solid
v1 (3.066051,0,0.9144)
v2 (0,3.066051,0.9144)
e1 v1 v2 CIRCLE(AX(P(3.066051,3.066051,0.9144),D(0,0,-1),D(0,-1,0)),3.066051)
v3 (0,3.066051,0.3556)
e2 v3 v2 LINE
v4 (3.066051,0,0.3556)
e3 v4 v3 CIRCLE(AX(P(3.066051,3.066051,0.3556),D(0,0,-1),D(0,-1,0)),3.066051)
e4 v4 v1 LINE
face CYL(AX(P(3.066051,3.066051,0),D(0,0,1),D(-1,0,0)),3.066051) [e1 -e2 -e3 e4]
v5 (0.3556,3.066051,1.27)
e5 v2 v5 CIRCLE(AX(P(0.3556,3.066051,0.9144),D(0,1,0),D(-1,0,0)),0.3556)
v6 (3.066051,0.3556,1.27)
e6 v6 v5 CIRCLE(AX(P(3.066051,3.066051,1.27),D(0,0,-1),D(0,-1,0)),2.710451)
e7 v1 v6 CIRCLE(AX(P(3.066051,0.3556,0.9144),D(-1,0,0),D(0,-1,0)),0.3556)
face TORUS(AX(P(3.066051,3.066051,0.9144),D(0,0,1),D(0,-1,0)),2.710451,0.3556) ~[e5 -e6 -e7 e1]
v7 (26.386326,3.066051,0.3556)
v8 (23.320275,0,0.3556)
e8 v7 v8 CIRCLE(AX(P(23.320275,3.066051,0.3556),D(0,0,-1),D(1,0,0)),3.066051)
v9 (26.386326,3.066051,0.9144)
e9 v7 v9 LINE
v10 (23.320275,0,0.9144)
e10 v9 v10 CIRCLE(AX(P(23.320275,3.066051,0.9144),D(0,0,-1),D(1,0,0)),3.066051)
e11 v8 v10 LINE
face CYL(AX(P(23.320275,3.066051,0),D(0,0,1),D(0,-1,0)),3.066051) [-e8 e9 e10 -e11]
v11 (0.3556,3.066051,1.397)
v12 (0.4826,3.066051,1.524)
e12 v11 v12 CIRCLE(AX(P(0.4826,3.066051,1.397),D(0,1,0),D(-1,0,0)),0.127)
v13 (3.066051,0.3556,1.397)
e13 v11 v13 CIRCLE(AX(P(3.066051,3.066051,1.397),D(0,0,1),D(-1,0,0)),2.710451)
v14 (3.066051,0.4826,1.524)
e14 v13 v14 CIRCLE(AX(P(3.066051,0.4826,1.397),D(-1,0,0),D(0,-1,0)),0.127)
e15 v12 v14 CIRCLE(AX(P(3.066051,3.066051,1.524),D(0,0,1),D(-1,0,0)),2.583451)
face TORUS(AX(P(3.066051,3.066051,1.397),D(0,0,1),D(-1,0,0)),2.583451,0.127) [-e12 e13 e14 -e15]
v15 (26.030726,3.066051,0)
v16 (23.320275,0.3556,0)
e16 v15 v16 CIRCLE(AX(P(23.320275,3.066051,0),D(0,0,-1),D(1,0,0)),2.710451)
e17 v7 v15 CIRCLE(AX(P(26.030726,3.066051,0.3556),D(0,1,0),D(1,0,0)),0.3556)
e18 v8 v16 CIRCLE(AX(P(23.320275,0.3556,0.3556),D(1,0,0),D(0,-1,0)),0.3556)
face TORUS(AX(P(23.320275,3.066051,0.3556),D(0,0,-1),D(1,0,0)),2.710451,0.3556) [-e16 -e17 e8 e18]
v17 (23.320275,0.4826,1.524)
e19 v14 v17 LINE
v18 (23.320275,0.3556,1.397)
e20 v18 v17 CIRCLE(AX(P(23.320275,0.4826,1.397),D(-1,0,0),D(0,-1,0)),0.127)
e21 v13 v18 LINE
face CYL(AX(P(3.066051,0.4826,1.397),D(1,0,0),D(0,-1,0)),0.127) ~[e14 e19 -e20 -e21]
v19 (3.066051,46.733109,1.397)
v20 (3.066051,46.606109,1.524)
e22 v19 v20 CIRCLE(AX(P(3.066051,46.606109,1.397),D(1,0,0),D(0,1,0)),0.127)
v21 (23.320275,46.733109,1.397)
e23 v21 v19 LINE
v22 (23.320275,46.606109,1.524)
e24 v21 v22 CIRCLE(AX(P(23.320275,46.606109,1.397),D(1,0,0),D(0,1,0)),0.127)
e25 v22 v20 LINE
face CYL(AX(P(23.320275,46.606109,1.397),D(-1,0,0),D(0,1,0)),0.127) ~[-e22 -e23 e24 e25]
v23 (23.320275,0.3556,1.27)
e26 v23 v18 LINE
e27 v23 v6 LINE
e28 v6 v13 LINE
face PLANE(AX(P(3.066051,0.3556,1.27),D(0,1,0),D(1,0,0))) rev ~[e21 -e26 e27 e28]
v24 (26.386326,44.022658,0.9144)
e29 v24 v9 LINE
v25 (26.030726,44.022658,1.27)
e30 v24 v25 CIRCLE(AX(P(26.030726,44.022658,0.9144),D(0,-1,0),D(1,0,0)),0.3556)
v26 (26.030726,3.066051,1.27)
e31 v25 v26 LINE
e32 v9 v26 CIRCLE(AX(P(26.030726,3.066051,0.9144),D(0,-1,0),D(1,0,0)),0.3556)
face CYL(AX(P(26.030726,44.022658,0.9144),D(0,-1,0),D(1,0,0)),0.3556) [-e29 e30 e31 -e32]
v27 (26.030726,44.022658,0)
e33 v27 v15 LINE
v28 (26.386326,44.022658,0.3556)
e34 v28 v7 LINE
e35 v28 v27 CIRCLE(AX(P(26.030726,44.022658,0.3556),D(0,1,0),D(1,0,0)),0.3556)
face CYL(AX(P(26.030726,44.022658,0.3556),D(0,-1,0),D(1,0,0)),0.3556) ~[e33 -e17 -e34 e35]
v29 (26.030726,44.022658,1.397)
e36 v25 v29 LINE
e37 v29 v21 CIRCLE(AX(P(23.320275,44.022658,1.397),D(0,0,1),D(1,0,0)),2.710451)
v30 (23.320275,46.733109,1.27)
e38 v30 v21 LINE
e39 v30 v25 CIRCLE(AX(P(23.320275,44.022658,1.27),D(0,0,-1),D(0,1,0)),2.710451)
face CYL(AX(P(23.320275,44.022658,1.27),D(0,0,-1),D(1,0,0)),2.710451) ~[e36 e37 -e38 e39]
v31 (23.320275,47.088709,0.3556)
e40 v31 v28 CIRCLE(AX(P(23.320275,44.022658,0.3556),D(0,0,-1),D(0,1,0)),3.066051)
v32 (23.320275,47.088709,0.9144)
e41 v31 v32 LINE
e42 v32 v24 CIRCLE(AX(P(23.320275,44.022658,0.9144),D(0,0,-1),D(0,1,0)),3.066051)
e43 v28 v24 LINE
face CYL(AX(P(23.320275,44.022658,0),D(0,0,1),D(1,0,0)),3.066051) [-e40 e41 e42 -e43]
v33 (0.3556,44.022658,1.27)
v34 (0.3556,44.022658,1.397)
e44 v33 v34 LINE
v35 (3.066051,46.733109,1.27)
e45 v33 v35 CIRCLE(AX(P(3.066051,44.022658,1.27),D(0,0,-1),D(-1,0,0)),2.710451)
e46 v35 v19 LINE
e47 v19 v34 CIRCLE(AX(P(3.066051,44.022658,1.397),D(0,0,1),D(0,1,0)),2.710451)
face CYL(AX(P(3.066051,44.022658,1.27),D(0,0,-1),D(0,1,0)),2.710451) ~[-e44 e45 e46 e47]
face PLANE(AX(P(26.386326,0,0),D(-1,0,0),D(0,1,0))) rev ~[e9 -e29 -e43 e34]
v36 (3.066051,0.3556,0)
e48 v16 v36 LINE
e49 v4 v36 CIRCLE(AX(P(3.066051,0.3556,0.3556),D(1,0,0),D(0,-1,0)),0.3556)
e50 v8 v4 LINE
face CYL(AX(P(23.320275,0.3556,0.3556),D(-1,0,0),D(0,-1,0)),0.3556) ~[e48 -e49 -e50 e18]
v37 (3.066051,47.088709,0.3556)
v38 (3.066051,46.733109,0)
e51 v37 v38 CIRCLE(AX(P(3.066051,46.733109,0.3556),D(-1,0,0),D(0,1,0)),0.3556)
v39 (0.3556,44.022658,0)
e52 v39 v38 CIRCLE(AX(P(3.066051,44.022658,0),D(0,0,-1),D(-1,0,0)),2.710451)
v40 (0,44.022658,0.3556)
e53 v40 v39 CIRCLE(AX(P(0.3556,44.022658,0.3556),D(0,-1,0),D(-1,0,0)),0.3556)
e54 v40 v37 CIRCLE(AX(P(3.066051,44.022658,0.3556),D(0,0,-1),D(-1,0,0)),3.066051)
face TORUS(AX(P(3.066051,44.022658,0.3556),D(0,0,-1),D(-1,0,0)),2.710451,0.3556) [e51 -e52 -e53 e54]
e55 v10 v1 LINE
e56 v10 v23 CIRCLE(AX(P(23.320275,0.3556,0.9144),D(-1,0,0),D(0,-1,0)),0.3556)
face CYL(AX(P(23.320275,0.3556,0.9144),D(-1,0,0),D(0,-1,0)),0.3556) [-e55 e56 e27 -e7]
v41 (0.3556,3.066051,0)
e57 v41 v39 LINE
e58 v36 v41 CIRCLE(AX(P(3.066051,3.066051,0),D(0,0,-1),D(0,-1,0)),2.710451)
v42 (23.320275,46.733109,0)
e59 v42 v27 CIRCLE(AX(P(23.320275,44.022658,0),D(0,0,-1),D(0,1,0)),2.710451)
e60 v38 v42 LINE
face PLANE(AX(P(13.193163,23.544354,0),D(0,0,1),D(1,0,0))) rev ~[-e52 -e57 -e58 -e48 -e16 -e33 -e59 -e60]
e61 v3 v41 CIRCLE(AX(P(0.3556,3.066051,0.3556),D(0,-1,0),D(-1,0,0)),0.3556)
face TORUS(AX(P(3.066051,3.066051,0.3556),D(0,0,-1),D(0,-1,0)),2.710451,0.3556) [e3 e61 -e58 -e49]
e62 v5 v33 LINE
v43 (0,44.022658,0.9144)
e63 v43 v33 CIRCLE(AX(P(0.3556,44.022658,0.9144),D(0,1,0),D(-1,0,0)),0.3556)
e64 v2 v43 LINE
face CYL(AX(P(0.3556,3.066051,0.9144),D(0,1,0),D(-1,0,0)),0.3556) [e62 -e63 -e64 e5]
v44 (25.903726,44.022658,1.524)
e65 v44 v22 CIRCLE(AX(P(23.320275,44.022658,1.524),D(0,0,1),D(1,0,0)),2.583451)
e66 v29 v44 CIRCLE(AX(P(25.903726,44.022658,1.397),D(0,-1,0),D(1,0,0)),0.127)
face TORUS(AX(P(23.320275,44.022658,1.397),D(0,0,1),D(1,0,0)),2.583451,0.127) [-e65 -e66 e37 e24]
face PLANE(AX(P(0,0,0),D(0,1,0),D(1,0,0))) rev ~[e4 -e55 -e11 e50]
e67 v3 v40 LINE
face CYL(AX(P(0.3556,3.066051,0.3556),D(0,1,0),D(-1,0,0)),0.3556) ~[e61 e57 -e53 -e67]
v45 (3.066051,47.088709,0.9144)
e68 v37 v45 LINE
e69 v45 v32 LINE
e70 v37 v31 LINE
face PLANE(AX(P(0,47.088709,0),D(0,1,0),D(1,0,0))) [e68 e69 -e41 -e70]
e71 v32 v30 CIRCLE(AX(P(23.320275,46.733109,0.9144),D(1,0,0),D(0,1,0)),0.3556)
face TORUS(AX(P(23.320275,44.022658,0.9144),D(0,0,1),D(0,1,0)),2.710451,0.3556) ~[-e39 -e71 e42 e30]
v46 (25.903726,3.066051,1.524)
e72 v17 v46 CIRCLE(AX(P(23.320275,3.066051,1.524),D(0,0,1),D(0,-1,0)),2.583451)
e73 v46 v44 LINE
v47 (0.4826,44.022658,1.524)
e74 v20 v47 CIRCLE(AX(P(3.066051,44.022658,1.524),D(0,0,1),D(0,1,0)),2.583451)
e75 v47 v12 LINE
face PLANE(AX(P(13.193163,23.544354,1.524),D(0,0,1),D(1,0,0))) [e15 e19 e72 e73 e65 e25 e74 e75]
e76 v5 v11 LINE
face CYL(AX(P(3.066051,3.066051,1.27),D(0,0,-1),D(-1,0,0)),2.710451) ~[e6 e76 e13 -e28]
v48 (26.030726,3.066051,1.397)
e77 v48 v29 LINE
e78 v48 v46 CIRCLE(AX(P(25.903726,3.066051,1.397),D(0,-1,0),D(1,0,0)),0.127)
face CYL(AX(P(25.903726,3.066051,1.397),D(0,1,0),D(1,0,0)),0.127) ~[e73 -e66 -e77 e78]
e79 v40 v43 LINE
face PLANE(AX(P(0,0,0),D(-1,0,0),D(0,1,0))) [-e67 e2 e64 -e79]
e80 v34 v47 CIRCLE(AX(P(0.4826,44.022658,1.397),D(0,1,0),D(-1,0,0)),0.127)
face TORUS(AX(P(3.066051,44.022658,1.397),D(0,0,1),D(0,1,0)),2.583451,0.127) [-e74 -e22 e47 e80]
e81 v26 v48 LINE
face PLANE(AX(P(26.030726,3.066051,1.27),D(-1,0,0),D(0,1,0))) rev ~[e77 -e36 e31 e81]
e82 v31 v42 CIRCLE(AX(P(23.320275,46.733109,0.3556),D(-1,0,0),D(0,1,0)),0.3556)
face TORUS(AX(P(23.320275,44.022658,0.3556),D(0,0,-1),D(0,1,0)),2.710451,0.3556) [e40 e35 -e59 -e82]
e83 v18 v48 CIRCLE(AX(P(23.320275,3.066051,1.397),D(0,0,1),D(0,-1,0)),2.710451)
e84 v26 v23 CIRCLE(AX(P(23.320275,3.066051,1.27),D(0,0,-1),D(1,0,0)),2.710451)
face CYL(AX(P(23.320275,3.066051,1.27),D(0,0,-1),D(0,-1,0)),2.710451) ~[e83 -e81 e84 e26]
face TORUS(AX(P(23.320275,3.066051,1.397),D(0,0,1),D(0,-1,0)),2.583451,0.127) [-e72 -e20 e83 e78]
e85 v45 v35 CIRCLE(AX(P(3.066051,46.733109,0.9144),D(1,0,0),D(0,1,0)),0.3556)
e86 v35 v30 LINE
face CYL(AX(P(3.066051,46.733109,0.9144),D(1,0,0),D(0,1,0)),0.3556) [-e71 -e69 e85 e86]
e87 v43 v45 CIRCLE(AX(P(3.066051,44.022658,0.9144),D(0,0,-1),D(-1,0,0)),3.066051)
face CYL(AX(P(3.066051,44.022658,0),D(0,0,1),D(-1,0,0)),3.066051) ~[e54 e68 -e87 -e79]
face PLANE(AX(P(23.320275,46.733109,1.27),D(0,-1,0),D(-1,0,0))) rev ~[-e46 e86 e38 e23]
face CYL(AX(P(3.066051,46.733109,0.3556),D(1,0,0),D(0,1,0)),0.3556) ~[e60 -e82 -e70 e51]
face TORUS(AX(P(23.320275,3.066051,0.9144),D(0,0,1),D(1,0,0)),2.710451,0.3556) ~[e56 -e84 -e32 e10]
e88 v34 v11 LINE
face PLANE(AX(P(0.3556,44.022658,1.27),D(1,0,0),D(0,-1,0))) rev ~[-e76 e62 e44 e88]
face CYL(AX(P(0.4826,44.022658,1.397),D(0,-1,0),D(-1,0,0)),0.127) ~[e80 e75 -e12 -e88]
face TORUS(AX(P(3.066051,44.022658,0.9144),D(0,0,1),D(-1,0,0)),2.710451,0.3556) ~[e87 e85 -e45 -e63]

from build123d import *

# Parameters (mm, degrees)
F0_W     = 26.3863261789
F0_H     = 47.0887087286
F1_DEPTH = 1.27
F2_R     = 3.0660512242
F3_R     = 0.3556
F4_R     = 0.3556
F6_DEPTH = 0.254
F7_R     = 0.127


with BuildPart() as f1:
    # F0 (on Top) → F1 (new body)
    with BuildSketch(Plane.XY):
        with Locations((13.1931630895, 23.5443543643)):
            Rectangle(F0_W, F0_H)
    extrude(amount=F1_DEPTH)

    # F2
    f2_edges = [f1.edges().sort_by_distance(p)[0] for p in [
        (26.386326, 47.088709, 0.635),
        (26.386326, 0, 0.635),
        (0, 47.088709, 0.635),
        (0, 0, 0.635),
    ]]
    fillet(f2_edges, radius=F2_R)

    # F3
    f3_edges = [f1.edges().sort_by_distance(p)[0] for p in [
        (0, 23.544354, 0),
        (0.898026, 46.190683, 0),
        (0.898026, 0.898026, 0),
        (13.193163, 47.088709, 0),
        (13.193163, 0, 0),
        (25.488301, 46.190683, 0),
        (25.488301, 0.898026, 0),
        (26.386326, 23.544354, 0),
    ]]
    fillet(f3_edges, radius=F3_R)

    # F4
    f4_edges = [f1.edges().sort_by_distance(p)[0] for p in [
        (0, 23.544354, 1.27),
        (0.898026, 46.190683, 1.27),
        (0.898026, 0.898026, 1.27),
        (13.193163, 47.088709, 1.27),
        (13.193163, 0, 1.27),
        (25.488301, 46.190683, 1.27),
        (25.488301, 0.898026, 1.27),
        (26.386326, 23.544354, 1.27),
    ]]
    fillet(f4_edges, radius=F4_R)

    # F5 (on face) → F6 (join)
    with BuildSketch(Plane.XY.offset(1.27)):
        with BuildLine():
            Line((26.0307261789, 3.0660512242), (26.0307261789, 44.0226575043))
            ThreePointArc((26.0307261789, 44.0226575043), (25.2368533954, 45.9392359451), (23.3202749547, 46.7331087286))
            Line((23.3202749547, 46.7331087286), (3.0660512242, 46.7331087286))
            ThreePointArc((3.0660512242, 46.7331087286), (1.1494727835, 45.9392359451), (0.3556, 44.0226575043))
            Line((0.3556, 44.0226575043), (0.3556, 3.0660512242))
            ThreePointArc((0.3556, 3.0660512242), (1.1494727835, 1.1494727835), (3.0660512242, 0.3556))
            Line((3.0660512242, 0.3556), (23.3202749547, 0.3556))
            ThreePointArc((23.3202749547, 0.3556), (25.2368533954, 1.1494727835), (26.0307261789, 3.0660512242))
        make_face()
    extrude(amount=F6_DEPTH)

    # F7
    f7_edges = [f1.edges().sort_by_distance(p)[0] for p in [
        (26.030726, 23.544354, 1.524),
        (25.236853, 45.939236, 1.524),
        (13.193163, 46.733109, 1.524),
        (1.149473, 45.939236, 1.524),
        (0.3556, 23.544354, 1.524),
        (1.149473, 1.149473, 1.524),
        (13.193163, 0.3556, 1.524),
        (25.236853, 1.149473, 1.524),
    ]]
    fillet(f7_edges, radius=F7_R)


solid = f1.part
